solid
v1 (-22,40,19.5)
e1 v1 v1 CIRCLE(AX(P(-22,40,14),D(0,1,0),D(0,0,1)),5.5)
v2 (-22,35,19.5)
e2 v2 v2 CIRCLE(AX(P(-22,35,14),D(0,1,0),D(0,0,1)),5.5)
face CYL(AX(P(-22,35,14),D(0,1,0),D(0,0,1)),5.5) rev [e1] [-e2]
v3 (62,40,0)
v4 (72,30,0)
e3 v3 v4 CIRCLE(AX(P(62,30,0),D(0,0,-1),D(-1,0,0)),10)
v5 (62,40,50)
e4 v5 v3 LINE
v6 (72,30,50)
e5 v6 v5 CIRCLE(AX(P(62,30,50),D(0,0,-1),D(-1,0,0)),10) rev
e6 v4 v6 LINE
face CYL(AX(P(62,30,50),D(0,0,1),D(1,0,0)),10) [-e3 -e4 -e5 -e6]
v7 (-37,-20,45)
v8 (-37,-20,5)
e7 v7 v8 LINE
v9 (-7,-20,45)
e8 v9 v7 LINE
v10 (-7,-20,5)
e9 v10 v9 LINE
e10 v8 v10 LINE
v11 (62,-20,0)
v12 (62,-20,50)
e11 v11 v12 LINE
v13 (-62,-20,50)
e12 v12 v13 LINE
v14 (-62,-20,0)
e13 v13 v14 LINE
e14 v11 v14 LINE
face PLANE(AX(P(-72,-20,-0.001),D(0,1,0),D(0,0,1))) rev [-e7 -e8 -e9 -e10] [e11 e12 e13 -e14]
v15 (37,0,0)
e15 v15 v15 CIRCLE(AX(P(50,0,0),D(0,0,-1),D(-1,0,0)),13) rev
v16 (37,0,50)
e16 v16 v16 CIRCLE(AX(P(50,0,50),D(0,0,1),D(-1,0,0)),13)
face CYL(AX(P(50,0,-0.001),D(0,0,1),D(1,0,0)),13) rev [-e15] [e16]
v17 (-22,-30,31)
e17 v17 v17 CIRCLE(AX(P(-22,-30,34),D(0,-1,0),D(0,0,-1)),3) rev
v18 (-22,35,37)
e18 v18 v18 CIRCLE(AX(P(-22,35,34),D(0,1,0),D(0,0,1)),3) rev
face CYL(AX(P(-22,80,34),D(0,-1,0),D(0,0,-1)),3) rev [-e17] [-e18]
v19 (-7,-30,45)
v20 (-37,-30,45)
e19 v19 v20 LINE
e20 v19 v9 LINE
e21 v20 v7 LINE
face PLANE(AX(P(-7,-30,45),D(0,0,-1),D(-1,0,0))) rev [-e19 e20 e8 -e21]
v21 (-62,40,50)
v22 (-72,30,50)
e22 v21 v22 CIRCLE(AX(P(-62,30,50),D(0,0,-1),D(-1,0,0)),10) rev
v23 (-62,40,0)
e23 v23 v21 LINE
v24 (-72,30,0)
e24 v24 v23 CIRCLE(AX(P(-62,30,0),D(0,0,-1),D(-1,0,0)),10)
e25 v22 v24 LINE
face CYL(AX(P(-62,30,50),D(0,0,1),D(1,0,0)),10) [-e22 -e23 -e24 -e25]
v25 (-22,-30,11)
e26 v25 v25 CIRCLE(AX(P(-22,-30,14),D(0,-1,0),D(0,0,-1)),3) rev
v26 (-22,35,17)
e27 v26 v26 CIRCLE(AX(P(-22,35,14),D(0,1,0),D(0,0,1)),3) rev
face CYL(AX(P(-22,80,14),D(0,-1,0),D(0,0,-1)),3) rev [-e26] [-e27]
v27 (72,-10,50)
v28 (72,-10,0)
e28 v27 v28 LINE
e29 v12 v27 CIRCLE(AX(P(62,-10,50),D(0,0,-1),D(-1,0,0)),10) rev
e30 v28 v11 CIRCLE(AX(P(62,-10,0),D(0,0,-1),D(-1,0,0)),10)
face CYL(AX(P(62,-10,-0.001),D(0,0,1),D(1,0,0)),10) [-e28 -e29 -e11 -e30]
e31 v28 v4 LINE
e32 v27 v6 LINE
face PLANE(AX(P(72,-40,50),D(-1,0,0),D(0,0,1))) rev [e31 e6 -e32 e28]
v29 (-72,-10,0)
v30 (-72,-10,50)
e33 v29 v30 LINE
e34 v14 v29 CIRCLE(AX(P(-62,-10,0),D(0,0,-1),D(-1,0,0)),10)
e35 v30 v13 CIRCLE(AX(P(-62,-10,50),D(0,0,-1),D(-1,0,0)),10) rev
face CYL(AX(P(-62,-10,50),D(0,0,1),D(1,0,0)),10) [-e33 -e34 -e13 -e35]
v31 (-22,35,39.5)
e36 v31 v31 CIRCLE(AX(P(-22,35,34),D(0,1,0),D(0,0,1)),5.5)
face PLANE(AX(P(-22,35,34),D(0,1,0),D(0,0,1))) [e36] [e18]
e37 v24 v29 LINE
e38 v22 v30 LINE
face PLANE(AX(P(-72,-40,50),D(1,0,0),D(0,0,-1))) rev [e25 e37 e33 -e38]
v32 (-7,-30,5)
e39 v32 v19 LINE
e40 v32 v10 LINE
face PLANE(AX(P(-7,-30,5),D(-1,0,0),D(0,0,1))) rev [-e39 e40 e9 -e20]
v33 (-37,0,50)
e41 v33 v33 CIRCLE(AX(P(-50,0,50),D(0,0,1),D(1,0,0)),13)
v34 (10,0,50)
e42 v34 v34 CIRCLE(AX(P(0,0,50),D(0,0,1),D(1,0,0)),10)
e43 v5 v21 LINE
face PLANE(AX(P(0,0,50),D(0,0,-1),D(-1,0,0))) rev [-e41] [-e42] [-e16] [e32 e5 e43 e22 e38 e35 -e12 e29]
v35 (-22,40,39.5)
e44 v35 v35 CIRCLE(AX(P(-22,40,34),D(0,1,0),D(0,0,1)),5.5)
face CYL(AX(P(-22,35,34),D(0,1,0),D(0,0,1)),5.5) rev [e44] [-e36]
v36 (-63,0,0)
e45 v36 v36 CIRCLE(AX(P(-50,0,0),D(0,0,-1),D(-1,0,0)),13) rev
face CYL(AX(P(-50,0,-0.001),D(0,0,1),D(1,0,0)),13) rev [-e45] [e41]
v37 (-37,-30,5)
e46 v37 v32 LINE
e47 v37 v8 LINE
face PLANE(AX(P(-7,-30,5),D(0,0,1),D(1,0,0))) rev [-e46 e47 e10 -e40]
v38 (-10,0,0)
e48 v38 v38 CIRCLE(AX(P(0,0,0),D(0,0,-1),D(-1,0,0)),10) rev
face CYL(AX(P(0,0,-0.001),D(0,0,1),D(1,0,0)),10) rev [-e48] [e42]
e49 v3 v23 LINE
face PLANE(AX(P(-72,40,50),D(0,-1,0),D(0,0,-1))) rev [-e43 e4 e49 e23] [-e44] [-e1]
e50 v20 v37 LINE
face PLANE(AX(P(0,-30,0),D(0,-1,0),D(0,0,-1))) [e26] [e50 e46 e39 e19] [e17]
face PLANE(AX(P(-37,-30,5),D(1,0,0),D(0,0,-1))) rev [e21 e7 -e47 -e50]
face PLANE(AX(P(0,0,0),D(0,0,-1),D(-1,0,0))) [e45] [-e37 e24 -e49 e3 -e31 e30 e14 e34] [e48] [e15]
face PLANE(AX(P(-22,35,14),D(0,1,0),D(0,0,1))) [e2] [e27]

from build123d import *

# Parameters (mm, degrees)
SKETCH1_W           = 144
SKETCH1_H           = 80
BOSS_EXTRUDE1_DEPTH = 50
CUT_EXTRUDE1_REACH  = 98.354
SKETCH2_R           = 10
SKETCH2_R_2         = 13
CUT_EXTRUDE3_REACH  = 98.354
SKETCH3_W           = 144
SKETCH3_H           = 20
SKETCH5_R           = 3
CUT_EXTRUDE4_DEPTH  = 100
FILLET1_R           = 10
FILLET2_R           = 10
FILLET3_R           = 10
FILLET4_R           = 10
SKETCH6_R           = 5.5
CUT_EXTRUDE5_DEPTH  = 5
SKETCH7_W           = 30
SKETCH7_H           = 40
BOSS_EXTRUDE2_DEPTH = 10
CUT_EXTRUDE7_REACH  = 108.226
SKETCH8_R           = 3


with BuildPart() as part:
    # Sketch1 → Boss-Extrude1 (new body)
    with BuildSketch(Plane.XY):
        Rectangle(SKETCH1_W, SKETCH1_H)
    extrude(amount=BOSS_EXTRUDE1_DEPTH)

    # Sketch2 → Cut-Extrude1 (cut, up to next)
    with BuildSketch(Plane.XY.offset(50), mode=Mode.PRIVATE) as cut_extrude1_sk1:
        Circle(SKETCH2_R)
    cut_extrude1_tool1 = extrude(cut_extrude1_sk1.sketch, amount=-CUT_EXTRUDE1_REACH, mode=Mode.PRIVATE) & part.part
    # Sketch2 → Cut-Extrude1 (cut, up to next)
    with BuildSketch(Plane.XY.offset(50), mode=Mode.PRIVATE) as cut_extrude1_sk2:
        with Locations((-50, 0)):
            Circle(SKETCH2_R_2)
    cut_extrude1_tool2 = extrude(cut_extrude1_sk2.sketch, amount=-CUT_EXTRUDE1_REACH, mode=Mode.PRIVATE) & part.part
    # Sketch2 → Cut-Extrude1 (cut, up to next)
    with BuildSketch(Plane.XY.offset(50), mode=Mode.PRIVATE) as cut_extrude1_sk3:
        with Locations(Location((50, 0, 0), (0, 0, 180))):
            Circle(SKETCH2_R_2)
    cut_extrude1_tool3 = extrude(cut_extrude1_sk3.sketch, amount=-CUT_EXTRUDE1_REACH, mode=Mode.PRIVATE) & part.part
    add(cut_extrude1_tool1.solids().sort_by_distance((0, 0, 50))[0], mode=Mode.SUBTRACT)
    add(cut_extrude1_tool2.solids().sort_by_distance((-50, 0, 50))[0], mode=Mode.SUBTRACT)
    add(cut_extrude1_tool3.solids().sort_by_distance((50, 0, 50))[0], mode=Mode.SUBTRACT)

    # Sketch3 → Cut-Extrude3 (cut, up to next)
    with BuildSketch(Plane.XY.offset(50), mode=Mode.PRIVATE) as cut_extrude3_sk1:
        with Locations((0, -30)):
            Rectangle(SKETCH3_W, SKETCH3_H)
    cut_extrude3_tool1 = extrude(cut_extrude3_sk1.sketch, amount=-CUT_EXTRUDE3_REACH, mode=Mode.PRIVATE) & part.part
    add(cut_extrude3_tool1.solids().sort_by_distance((0, -30, 50))[0], mode=Mode.SUBTRACT)

    # Sketch5 → Cut-Extrude4 (cut)
    with BuildSketch(Plane.XZ.offset(20)):
        with Locations(Location((-22, 34, 0), (0, 0, 270))):
            Circle(SKETCH5_R)
        with Locations(Location((-22, 14, 0), (0, 0, 270))):
            Circle(SKETCH5_R)
    extrude(amount=-CUT_EXTRUDE4_DEPTH, mode=Mode.SUBTRACT)

    # Fillet1
    fillet1_edges = [part.edges().sort_by_distance(p)[0] for p in [
        (72, -20, 25),
    ]]
    fillet(fillet1_edges, radius=FILLET1_R)

    # Fillet2
    fillet2_edges = [part.edges().sort_by_distance(p)[0] for p in [
        (72, 40, 25),
    ]]
    fillet(fillet2_edges, radius=FILLET2_R)

    # Fillet3
    fillet3_edges = [part.edges().sort_by_distance(p)[0] for p in [
        (-72, 40, 25),
    ]]
    fillet(fillet3_edges, radius=FILLET3_R)

    # Fillet4
    fillet4_edges = [part.edges().sort_by_distance(p)[0] for p in [
        (-72, -20, 25),
    ]]
    fillet(fillet4_edges, radius=FILLET4_R)

    # Sketch6 → Cut-Extrude5 (cut)
    with BuildSketch(Plane(origin=(0, 40, 0), x_dir=(1, 0, 0), z_dir=(0, 1, 0))):
        with Locations(Location((-22, -14, 0), (0, 0, 270))):
            Circle(SKETCH6_R)
        with Locations(Location((-22, -34, 0), (0, 0, 270))):
            Circle(SKETCH6_R)
    extrude(amount=-CUT_EXTRUDE5_DEPTH, mode=Mode.SUBTRACT)

    # Sketch7 → Boss-Extrude2 (add)
    with BuildSketch(Plane.XZ.offset(20)):
        with Locations((-22, 25)):
            Rectangle(SKETCH7_W, SKETCH7_H)
    extrude(amount=BOSS_EXTRUDE2_DEPTH)

    # Sketch8 → Cut-Extrude7 (cut, up to next)
    with BuildSketch(Plane(origin=(0, -20, 0), x_dir=(1, 0, 0), z_dir=(0, 1, 0)), mode=Mode.PRIVATE) as cut_extrude7_sk1:
        with Locations(Location((-22, -34, 0), (0, 0, 90))):
            Circle(SKETCH8_R)
    cut_extrude7_tool1 = extrude(cut_extrude7_sk1.sketch, amount=-CUT_EXTRUDE7_REACH, mode=Mode.PRIVATE) & part.part
    # Sketch8 → Cut-Extrude7 (cut, up to next)
    with BuildSketch(Plane(origin=(0, -20, 0), x_dir=(1, 0, 0), z_dir=(0, 1, 0)), mode=Mode.PRIVATE) as cut_extrude7_sk2:
        with Locations(Location((-22, -14, 0), (0, 0, 90))):
            Circle(SKETCH8_R)
    cut_extrude7_tool2 = extrude(cut_extrude7_sk2.sketch, amount=-CUT_EXTRUDE7_REACH, mode=Mode.PRIVATE) & part.part
    add(cut_extrude7_tool1.solids().sort_by_distance((-22, -20, 34))[0], mode=Mode.SUBTRACT)
    add(cut_extrude7_tool2.solids().sort_by_distance((-22, -20, 14))[0], mode=Mode.SUBTRACT)


solid = part.part
